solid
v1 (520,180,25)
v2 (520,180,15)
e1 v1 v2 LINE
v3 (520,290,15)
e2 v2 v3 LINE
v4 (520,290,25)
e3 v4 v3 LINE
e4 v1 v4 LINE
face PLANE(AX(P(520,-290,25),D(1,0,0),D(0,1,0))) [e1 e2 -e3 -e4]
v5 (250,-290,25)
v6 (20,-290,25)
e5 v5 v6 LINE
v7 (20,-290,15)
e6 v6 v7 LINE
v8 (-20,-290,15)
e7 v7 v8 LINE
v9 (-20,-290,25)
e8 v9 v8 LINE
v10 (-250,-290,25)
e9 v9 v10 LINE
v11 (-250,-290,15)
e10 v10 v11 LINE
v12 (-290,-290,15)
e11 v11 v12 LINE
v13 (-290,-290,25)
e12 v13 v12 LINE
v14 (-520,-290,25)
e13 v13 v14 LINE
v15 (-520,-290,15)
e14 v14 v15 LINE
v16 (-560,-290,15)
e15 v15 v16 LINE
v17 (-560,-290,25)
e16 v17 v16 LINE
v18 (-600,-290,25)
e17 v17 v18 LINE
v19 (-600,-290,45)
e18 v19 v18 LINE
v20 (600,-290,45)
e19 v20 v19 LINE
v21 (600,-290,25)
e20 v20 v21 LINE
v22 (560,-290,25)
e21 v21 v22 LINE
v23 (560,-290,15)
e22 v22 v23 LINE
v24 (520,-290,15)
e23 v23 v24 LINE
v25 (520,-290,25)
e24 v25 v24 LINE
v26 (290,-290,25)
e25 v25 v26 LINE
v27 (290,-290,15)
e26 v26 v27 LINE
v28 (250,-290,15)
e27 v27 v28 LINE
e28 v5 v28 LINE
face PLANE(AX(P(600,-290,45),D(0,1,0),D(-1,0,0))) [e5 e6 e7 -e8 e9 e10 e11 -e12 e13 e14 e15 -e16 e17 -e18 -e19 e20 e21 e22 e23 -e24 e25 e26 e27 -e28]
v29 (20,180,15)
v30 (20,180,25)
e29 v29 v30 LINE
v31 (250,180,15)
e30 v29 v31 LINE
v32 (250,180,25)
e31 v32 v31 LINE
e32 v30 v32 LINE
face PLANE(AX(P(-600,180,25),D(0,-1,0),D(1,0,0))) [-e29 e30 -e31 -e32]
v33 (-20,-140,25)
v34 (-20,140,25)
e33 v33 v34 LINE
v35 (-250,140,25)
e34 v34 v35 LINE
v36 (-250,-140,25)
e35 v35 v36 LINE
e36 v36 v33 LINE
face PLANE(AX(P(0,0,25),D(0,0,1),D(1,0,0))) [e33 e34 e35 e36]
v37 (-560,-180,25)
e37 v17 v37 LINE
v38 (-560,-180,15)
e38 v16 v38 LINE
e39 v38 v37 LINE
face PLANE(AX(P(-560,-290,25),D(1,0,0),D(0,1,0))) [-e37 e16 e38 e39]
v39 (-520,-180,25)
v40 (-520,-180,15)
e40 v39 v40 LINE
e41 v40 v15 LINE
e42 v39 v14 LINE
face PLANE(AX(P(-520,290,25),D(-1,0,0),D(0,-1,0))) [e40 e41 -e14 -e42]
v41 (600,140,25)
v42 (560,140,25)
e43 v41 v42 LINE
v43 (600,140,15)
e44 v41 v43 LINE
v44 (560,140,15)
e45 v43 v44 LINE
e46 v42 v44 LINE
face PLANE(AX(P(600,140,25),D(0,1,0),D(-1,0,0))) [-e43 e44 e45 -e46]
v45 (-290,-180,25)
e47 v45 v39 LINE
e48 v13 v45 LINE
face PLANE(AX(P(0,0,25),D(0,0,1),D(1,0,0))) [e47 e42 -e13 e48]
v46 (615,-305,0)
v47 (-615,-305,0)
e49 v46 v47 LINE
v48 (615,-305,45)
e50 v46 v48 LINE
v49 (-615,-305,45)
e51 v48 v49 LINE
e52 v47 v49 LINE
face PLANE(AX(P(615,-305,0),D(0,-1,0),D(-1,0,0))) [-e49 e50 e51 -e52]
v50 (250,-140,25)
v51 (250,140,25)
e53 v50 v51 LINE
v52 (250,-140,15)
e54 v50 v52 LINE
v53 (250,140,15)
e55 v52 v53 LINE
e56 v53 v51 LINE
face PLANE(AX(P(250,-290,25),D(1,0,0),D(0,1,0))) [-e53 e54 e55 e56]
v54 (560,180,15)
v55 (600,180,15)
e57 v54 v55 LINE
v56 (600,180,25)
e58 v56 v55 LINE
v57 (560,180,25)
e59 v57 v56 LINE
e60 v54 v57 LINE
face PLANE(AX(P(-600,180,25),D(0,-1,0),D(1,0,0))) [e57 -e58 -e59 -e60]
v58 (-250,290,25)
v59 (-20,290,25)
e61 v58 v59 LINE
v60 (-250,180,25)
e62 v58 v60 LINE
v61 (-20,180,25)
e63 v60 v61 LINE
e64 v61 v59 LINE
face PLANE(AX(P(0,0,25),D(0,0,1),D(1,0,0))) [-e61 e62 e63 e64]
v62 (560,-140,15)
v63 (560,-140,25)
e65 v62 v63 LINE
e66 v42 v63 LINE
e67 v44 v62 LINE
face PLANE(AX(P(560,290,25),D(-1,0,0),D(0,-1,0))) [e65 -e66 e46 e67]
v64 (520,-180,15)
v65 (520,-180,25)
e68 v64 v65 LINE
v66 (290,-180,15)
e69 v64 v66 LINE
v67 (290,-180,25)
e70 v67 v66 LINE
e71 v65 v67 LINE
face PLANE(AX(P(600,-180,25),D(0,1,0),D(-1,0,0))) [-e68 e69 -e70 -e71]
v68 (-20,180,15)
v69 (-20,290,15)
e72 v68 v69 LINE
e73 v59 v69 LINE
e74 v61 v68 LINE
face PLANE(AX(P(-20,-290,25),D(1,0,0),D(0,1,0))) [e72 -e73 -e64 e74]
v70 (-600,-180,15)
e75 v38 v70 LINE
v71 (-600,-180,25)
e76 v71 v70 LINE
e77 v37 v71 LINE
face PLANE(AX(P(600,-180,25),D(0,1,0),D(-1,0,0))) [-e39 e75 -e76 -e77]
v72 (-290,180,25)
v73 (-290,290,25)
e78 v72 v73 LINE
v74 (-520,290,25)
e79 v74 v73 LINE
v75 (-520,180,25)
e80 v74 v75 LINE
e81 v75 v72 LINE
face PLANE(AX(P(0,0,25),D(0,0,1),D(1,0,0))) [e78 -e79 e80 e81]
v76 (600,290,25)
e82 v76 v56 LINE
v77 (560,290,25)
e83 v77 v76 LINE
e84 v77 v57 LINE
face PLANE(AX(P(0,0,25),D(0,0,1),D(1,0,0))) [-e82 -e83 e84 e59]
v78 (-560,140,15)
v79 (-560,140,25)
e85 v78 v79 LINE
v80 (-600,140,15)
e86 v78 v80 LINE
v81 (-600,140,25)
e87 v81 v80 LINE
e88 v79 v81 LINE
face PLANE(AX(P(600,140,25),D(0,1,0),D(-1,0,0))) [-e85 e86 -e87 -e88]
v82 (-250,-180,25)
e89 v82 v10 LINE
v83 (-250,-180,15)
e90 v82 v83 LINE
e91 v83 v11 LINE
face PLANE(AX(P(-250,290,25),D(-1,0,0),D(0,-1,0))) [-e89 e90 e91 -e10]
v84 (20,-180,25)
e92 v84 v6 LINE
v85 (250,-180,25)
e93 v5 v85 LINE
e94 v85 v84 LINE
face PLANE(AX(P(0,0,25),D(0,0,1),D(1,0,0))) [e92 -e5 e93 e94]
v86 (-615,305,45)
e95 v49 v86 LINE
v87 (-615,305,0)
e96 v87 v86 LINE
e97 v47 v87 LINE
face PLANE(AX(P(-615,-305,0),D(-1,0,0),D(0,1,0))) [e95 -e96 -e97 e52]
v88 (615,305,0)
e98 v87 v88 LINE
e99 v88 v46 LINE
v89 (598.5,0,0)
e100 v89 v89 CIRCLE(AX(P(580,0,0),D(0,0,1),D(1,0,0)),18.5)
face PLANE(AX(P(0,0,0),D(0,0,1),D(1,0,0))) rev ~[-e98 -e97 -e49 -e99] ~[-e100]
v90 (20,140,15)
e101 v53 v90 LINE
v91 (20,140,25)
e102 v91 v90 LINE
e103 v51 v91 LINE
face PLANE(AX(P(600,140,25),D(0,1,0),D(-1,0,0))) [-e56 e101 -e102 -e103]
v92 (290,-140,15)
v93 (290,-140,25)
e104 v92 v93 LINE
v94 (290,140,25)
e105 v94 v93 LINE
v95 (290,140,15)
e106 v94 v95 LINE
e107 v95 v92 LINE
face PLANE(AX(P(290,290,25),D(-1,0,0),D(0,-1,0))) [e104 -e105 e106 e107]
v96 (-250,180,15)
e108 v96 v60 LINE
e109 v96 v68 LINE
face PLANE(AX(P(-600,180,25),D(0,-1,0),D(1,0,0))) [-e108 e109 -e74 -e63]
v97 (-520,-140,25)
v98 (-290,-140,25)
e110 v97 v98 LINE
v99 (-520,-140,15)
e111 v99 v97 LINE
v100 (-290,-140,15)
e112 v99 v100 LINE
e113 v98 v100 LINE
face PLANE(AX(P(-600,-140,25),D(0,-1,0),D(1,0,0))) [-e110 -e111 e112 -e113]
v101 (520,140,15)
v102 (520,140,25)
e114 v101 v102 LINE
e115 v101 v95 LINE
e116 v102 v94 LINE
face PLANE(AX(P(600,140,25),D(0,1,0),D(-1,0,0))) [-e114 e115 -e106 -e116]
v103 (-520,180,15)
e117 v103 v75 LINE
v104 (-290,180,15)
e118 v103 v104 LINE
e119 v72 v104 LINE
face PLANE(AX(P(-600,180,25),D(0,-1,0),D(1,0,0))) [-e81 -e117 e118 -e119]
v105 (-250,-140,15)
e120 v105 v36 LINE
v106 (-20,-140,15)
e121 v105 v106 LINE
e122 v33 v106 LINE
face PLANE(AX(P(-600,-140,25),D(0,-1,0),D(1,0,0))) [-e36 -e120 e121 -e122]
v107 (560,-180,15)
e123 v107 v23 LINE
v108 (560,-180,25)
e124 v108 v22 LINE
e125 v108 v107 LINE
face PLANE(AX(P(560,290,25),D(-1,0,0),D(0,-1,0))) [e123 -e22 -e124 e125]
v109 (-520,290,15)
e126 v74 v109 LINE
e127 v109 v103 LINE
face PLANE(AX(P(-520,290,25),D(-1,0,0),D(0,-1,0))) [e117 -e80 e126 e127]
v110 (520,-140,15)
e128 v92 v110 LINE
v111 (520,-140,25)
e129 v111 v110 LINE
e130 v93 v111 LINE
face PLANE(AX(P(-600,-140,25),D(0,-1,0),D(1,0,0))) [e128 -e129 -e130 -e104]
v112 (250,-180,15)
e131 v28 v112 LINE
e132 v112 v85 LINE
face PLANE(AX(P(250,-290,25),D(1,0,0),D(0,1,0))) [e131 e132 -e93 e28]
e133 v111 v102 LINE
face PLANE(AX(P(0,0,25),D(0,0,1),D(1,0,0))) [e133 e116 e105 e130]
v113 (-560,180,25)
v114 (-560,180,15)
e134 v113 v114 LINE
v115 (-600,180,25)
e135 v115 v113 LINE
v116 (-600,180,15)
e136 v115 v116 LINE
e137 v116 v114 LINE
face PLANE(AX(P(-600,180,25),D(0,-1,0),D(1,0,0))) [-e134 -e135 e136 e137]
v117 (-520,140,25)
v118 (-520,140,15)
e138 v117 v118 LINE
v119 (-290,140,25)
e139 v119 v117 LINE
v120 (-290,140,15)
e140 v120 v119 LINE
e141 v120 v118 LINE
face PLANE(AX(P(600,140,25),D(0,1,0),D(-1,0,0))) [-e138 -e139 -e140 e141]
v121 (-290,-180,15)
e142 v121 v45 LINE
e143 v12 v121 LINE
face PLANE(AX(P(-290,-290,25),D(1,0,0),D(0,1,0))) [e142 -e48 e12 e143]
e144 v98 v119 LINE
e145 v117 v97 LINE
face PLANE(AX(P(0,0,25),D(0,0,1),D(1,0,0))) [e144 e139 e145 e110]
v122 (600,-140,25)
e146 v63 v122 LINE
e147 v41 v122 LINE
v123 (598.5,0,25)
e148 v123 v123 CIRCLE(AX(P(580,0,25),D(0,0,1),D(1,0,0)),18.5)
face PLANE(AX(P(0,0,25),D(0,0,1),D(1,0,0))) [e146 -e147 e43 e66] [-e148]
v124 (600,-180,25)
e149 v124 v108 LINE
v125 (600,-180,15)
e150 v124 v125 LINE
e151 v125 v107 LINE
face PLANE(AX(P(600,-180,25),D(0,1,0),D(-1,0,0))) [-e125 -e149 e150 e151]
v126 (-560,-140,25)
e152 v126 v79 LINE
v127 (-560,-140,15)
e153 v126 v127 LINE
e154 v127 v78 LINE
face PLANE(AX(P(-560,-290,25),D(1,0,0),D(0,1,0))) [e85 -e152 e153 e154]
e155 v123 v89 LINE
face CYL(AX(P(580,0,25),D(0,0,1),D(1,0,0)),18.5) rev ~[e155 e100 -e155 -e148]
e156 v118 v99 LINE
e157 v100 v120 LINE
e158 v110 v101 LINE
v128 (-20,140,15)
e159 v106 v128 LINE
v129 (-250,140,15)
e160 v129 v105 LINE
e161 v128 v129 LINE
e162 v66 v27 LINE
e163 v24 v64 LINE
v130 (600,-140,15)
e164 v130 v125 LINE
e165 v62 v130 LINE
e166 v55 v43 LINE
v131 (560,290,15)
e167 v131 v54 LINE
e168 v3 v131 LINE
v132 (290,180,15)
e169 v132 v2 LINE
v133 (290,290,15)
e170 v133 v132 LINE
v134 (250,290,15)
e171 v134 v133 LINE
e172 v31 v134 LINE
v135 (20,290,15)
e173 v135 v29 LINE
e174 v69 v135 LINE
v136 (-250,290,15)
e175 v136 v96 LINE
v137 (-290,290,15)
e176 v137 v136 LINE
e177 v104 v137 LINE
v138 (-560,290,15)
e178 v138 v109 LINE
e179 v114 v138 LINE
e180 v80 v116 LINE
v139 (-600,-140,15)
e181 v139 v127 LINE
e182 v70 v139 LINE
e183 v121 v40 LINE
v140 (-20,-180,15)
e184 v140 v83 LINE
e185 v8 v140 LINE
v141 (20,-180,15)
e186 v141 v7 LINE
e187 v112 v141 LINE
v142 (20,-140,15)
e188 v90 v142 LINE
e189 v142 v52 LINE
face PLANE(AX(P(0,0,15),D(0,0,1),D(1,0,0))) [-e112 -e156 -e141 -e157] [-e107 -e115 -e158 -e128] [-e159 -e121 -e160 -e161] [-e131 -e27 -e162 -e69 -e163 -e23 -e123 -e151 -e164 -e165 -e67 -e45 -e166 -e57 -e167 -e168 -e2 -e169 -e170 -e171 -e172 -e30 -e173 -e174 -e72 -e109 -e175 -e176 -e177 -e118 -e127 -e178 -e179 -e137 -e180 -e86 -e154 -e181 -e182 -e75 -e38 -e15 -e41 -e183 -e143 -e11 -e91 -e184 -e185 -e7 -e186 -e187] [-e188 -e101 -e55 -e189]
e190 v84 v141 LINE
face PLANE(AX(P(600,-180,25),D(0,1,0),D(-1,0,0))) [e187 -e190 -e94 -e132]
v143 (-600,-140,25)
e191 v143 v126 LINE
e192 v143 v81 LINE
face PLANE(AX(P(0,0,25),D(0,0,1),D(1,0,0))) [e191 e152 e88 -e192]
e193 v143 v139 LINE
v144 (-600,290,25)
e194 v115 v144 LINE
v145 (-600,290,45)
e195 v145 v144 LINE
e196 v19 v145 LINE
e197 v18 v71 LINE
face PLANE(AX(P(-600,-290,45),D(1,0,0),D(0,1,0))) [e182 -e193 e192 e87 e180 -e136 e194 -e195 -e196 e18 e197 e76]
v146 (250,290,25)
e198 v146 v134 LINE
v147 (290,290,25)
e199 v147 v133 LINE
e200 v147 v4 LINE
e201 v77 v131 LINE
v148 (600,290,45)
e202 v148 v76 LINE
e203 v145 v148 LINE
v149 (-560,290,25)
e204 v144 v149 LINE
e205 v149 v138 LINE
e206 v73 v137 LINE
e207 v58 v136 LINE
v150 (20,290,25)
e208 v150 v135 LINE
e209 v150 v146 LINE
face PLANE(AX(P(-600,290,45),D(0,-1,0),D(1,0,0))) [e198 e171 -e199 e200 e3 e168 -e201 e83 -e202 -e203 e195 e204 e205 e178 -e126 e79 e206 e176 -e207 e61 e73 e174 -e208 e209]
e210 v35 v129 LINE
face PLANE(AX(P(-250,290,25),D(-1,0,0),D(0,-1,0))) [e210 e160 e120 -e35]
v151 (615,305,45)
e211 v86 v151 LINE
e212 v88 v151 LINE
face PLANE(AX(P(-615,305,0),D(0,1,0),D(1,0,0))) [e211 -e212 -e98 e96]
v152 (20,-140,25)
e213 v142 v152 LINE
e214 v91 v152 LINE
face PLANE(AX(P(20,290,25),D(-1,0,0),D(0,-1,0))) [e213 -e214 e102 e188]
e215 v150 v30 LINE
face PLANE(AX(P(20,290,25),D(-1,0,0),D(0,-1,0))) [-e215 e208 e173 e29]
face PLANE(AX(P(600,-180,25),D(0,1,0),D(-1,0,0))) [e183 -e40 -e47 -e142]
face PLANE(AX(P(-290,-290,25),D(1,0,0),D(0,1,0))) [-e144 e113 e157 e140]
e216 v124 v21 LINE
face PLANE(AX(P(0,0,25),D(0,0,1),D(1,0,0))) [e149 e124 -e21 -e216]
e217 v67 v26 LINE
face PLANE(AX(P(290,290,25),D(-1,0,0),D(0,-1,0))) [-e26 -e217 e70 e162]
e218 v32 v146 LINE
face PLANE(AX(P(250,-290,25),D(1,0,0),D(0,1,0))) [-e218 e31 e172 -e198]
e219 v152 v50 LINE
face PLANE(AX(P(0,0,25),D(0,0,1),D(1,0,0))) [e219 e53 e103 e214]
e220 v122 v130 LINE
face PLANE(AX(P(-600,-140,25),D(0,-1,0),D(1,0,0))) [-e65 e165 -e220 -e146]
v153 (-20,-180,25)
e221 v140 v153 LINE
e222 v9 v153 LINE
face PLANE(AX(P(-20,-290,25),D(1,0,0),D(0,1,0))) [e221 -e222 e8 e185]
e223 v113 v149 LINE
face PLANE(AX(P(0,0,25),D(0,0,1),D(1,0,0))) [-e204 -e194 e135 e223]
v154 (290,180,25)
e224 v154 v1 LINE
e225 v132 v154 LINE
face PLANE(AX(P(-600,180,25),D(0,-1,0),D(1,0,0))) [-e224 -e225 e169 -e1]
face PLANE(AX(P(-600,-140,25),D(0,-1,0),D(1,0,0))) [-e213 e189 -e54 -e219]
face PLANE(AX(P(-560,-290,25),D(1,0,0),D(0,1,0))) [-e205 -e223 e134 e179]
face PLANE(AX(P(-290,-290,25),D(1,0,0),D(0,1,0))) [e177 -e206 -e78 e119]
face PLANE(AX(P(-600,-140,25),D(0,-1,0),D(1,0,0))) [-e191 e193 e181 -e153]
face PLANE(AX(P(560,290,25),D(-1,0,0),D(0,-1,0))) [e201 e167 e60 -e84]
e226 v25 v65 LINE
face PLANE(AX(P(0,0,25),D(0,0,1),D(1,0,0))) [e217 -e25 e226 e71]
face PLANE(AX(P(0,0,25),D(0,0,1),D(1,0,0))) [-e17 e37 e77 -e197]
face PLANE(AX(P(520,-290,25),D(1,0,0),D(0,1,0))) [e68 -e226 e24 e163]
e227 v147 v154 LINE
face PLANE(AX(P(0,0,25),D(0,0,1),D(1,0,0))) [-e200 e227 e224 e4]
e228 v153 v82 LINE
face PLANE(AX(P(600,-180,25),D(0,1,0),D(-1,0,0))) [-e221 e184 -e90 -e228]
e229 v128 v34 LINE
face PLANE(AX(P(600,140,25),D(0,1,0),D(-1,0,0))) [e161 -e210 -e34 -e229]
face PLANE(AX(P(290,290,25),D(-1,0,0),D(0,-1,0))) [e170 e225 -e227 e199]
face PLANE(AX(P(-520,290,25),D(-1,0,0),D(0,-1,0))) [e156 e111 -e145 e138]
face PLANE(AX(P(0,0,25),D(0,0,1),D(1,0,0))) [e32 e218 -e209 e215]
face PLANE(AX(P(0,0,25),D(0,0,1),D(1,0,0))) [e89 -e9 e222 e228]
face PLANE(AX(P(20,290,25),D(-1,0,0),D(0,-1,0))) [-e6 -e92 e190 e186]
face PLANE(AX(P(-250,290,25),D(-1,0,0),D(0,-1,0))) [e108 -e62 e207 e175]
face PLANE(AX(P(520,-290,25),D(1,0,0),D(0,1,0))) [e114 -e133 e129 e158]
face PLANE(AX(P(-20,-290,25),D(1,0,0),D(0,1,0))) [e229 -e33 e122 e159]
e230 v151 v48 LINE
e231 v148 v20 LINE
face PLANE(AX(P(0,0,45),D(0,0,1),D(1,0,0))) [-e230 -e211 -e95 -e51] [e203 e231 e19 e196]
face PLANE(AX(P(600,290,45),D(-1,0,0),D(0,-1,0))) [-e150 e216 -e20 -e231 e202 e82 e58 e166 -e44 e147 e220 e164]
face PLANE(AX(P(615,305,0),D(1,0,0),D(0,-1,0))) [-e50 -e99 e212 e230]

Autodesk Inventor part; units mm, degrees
ref_plane "YZ Plane" through (0, 0, 0) normal (1, 0, 0) x (0, 1, 0)
ref_plane "XZ Plane" through (0, 0, 0) normal (0, 1, 0) x (-1, 0, 0)
ref_plane "XY Plane" through (0, 0, 0) normal (0, 0, 1) x (1, 0, 0)
sketch "Sketch1" plane through (0, 0, 0) normal (0, 0, 1) x (1, 0, 0)
  line L0 (-615, 305) -> (615, 305)
  line L1 (615, 305) -> (615, -305)
  line L2 (615, -305) -> (-615, -305)
  line L3 (-615, -305) -> (-615, 305)
  line L4 (-615, 305) -> (615, -305) construction
  line L5 (615, 305) -> (-615, -305) construction
  point P0 (0, 0)
  dimension "d0" = 610
  dimension "d1" = 1230
extrude "Extrusion1" add sketch "Sketch1" along normal blind 45
sketch "Sketch2" plane through (0, 0, 45) normal (0, 0, 1) x (1, 0, 0)
  line L0 (-600, 290) -> (600, 290)
  line L1 (600, 290) -> (600, -290)
  line L2 (600, -290) -> (-600, -290)
  line L3 (-600, -290) -> (-600, 290)
  line L4 (-600, 290) -> (600, -290) construction
  line L5 (600, 290) -> (-600, -290) construction
  point P0 (0, 0)
  dimension "d4" = 1200
  dimension "d5" = 580
extrude "Extrusion2" cut sketch "Sketch2" against normal blind 20
sketch "Sketch3" plane through (0, 0, 25) normal (0, 0, 1) x (1, 0, 0)
  line L0 (-20, 290) -> (20, 290)
  line L1 (20, 290) -> (20, -290)
  line L2 (20, -290) -> (-20, -290)
  line L3 (-20, -290) -> (-20, 290)
  line L4 (-20, 290) -> (20, -290) construction
  line L5 (20, 290) -> (-20, -290) construction
  line L6 (250, 290) -> (290, 290)
  line L7 (290, 290) -> (290, -290)
  line L8 (290, -290) -> (250, -290)
  line L9 (250, -290) -> (250, 290)
  line L10 (-290, 290) -> (-250, 290)
  line L11 (-250, 290) -> (-250, -290)
  line L12 (-250, -290) -> (-290, -290)
  line L13 (-290, -290) -> (-290, 290)
  line L14 (-600, 290) -> (600, 290) projected
  line L15 (520, 290) -> (560, 290)
  line L16 (560, 290) -> (560, -290)
  line L17 (560, -290) -> (520, -290)
  line L18 (520, -290) -> (520, 290)
  line L19 (-560, 290) -> (-520, 290)
  line L20 (-520, 290) -> (-520, -290)
  line L21 (-520, -290) -> (-560, -290)
  line L22 (-560, -290) -> (-560, 290)
  point P0 (0, 0)
  point P1 (250, 0)
  point P2 (-250, 0)
  point P3 (520, 0)
  point P4 (290, 0)
  point P5 (-290, 0)
  point P6 (-520, 0)
  dimension "d8" = 580
  dimension "d9" = 40
  dimension "d10" = 250
  dimension "d11" = 40
  dimension "d12" = 40
  dimension "d13" = 250
  dimension "d14" = 40
  dimension "d15" = 230
  dimension "d16" = 580
  dimension "d17" = 40
  dimension "d18" = 230
extrude "Extrusion3" cut sketch "Sketch3" against normal blind 10
sketch "Sketch4" plane through (0, 0, 25) normal (0, 0, 1) x (1, 0, 0)
  line L0 (600, 290) -> (600, -290) projected
  line L1 (-600, 180) -> (600, 180)
  line L2 (600, 180) -> (600, 140)
  line L3 (600, 140) -> (-600, 140)
  line L4 (-600, 140) -> (-600, 180)
  line L5 (-600, -140) -> (600, -140)
  line L6 (600, -140) -> (600, -180)
  line L7 (600, -180) -> (-600, -180)
  line L8 (-600, -180) -> (-600, -140)
  point P0 (0, 0)
  point P1 (0, 140)
  point P2 (0, -140)
  point P3 (600, -140)
  dimension "d21" = 140
  dimension "d22" = 140
  dimension "d23" = 40
  dimension "d24" = 40
  dimension "d25" = 1200
extrude "Extrusion4" cut sketch "Sketch4" against normal blind 10
sketch "Sketch5" plane through (0, 0, 25) normal (0, 0, 1) x (1, 0, 0)
  circle A0 centre (580, 0) radius 18.5
  point P0 (0, 0)
  dimension "d28" = 37
  dimension "d29" = 580
extrude "Extrusion5" cut sketch "Sketch5" against normal blind 37
equation "\"d30\" = d28"
properties part number "flood tray"
